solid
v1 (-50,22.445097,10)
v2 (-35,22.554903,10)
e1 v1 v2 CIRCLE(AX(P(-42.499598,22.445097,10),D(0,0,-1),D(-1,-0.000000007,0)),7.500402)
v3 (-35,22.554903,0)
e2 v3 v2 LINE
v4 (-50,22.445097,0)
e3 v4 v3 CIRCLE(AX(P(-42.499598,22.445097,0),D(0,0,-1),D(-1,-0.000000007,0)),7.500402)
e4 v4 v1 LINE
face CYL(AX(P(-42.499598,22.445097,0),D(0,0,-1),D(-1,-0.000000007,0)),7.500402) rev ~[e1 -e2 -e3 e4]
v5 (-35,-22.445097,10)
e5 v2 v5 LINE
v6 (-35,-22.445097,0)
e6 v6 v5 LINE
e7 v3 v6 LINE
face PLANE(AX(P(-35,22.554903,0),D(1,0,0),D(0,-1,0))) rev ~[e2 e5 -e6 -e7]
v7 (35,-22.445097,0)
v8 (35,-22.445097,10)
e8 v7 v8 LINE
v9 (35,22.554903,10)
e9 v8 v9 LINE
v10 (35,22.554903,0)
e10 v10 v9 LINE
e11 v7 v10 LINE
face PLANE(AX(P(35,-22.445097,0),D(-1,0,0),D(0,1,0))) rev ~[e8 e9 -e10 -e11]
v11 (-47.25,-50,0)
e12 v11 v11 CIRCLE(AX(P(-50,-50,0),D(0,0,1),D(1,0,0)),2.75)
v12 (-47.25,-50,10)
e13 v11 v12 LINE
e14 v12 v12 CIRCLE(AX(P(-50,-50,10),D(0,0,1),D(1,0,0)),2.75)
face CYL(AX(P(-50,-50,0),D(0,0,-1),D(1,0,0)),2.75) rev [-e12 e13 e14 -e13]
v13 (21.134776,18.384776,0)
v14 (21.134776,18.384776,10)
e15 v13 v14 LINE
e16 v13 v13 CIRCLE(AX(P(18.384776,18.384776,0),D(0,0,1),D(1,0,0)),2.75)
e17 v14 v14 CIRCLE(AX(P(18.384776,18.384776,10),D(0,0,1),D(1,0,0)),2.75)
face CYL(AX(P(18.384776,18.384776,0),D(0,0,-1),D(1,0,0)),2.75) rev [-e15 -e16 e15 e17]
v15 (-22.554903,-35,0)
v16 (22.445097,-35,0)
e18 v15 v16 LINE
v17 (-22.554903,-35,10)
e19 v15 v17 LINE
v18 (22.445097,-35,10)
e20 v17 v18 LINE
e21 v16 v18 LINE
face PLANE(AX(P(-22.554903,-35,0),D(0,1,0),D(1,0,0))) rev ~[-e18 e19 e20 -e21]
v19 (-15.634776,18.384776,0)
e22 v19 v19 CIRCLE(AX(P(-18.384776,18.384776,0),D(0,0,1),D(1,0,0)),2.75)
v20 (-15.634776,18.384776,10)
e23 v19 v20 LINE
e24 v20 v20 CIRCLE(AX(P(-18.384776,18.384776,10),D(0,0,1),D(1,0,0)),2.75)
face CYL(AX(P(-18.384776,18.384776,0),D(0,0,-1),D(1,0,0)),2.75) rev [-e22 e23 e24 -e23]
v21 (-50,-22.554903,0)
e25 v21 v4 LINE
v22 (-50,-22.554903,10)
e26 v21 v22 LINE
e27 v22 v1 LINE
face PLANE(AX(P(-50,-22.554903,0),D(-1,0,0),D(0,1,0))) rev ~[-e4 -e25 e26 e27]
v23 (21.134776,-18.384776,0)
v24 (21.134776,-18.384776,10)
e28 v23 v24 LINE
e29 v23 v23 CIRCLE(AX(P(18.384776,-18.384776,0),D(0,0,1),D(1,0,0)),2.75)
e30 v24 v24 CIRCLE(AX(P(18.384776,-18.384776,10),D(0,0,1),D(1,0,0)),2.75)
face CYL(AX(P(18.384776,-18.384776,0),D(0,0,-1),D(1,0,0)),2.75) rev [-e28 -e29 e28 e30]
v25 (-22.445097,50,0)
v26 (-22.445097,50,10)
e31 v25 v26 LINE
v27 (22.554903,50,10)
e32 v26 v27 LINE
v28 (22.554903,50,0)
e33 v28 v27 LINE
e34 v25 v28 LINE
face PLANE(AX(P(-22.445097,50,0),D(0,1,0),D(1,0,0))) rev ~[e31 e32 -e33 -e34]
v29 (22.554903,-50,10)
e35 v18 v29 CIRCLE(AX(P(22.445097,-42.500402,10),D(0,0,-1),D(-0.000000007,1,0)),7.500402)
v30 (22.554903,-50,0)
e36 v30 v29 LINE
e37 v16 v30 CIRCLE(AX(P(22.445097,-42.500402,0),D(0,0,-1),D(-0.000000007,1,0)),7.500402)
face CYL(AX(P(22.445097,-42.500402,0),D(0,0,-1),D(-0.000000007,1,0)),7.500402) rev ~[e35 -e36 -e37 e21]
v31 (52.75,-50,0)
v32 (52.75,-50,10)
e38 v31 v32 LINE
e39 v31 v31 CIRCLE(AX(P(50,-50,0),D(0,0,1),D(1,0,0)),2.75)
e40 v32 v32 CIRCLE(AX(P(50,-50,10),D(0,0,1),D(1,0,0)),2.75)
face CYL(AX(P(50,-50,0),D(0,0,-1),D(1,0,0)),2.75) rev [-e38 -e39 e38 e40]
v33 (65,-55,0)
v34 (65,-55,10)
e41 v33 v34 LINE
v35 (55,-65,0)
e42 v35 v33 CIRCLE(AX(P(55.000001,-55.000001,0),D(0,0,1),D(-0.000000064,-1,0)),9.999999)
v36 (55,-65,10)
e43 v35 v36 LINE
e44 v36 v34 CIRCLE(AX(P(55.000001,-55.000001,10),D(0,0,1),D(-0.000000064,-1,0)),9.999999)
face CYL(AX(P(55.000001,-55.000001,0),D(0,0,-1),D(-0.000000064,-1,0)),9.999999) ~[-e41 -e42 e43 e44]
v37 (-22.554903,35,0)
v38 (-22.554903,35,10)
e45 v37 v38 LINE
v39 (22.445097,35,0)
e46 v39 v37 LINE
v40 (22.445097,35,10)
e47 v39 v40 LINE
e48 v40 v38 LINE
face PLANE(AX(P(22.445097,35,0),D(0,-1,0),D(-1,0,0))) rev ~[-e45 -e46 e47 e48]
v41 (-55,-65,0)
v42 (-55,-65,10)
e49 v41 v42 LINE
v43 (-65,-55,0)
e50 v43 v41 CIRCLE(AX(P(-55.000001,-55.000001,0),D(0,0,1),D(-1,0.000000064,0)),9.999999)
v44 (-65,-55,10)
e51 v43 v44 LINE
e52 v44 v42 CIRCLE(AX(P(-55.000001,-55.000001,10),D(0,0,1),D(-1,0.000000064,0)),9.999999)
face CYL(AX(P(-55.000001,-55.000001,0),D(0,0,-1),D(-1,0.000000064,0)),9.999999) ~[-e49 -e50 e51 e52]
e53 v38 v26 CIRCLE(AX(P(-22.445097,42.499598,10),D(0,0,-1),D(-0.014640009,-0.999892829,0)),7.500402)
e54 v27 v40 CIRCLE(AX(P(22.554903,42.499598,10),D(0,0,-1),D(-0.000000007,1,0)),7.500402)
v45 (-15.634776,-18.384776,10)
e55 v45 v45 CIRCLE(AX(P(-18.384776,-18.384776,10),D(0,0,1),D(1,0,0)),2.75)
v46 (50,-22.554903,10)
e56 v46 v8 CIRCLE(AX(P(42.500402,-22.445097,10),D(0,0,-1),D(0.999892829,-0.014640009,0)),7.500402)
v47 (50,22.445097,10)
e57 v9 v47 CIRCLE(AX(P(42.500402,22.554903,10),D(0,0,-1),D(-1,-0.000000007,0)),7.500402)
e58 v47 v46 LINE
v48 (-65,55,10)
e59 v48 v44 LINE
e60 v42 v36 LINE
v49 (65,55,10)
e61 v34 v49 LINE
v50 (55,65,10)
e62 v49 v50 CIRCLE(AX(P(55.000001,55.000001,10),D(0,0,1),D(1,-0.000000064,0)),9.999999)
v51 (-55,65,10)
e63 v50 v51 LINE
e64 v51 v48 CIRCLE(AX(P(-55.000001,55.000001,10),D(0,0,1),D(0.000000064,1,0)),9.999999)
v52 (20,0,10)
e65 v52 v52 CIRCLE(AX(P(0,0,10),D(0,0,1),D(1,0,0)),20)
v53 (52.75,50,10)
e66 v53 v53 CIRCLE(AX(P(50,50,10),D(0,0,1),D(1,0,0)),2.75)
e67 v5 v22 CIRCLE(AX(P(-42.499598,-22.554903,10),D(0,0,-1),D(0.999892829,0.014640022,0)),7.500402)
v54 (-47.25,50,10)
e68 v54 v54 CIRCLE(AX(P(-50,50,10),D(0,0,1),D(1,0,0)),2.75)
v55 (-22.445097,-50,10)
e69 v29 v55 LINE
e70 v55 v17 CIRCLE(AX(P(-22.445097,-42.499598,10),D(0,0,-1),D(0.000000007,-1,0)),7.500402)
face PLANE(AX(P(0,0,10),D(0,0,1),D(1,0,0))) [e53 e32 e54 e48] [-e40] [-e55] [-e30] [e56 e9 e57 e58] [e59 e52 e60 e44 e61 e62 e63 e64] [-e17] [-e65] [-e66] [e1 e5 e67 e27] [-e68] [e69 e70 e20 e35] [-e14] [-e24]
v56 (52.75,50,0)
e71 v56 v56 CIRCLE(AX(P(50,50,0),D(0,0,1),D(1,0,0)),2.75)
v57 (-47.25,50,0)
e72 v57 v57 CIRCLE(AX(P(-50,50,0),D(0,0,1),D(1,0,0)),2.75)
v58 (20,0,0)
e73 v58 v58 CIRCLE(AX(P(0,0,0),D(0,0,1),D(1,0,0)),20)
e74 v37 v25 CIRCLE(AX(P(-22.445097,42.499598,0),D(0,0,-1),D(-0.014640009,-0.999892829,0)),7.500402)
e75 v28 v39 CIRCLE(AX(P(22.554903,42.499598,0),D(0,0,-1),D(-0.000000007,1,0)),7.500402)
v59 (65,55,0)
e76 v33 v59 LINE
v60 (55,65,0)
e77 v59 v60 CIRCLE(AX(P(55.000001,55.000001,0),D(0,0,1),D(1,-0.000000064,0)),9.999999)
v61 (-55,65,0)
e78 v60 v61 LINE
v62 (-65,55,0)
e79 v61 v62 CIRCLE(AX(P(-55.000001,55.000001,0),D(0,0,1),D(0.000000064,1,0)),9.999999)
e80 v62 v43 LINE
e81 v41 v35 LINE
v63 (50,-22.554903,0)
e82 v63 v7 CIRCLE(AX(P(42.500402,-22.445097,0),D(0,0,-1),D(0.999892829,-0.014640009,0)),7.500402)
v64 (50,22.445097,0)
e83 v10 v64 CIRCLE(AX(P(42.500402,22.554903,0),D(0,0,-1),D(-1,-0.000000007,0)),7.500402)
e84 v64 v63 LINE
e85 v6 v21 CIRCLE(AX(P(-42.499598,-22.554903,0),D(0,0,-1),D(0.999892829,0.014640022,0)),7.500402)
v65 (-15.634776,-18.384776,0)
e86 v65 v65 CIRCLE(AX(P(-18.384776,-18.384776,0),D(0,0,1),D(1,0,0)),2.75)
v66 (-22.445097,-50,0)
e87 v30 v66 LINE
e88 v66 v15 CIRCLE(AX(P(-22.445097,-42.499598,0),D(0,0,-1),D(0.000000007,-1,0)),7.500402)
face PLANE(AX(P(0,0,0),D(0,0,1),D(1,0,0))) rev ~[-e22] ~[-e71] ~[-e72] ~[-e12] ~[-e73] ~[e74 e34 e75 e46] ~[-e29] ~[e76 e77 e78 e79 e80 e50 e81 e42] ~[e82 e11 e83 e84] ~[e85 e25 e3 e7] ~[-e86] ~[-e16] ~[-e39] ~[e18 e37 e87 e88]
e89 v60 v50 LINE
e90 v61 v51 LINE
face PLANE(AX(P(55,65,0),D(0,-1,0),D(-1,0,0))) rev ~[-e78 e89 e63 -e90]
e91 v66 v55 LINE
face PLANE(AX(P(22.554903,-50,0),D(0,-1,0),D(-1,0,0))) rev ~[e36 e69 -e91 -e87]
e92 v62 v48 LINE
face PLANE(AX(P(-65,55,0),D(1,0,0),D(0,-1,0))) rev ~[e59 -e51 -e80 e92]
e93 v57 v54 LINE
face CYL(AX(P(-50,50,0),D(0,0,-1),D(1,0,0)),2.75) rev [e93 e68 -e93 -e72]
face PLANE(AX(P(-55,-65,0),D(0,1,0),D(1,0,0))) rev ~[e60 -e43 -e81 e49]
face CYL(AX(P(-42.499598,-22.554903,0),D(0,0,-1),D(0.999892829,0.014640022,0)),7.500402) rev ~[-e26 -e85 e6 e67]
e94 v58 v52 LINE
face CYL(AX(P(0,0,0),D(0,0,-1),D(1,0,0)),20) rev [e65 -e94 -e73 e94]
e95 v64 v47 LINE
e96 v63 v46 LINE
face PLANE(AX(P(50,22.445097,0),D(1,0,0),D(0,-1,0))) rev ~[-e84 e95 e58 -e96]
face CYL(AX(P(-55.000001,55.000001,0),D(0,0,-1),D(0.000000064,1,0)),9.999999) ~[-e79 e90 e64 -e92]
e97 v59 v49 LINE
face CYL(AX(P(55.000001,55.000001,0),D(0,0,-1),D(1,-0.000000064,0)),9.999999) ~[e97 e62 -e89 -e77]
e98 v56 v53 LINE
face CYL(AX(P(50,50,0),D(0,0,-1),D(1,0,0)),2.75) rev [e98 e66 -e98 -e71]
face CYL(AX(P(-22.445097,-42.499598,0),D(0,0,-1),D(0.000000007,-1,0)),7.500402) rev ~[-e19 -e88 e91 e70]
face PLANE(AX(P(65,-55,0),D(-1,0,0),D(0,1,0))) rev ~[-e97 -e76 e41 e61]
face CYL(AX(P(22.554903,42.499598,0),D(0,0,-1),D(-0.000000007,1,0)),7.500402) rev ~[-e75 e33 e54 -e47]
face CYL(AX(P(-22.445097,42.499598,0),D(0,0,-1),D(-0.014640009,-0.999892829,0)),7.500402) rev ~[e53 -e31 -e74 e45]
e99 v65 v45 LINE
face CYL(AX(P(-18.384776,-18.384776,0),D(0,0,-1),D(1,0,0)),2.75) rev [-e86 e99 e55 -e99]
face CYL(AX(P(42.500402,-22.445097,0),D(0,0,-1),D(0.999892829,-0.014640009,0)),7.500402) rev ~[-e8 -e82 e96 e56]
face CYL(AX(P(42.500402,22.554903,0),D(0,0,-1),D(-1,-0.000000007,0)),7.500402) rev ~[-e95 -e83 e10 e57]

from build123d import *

# Parameters (mm, degrees)
F0_R     = 2.75
F0_R_2   = 20
F1_DEPTH = 10


with BuildPart() as f1:
    # F0 (on Top) → F1 (new body)
    with BuildSketch(Plane.XY):
        with BuildLine():
            Line((-55, -65), (55, -65))
            ThreePointArc((55, -65), (62.071068, -62.071068), (65, -55))
            Line((65, -55), (65, 55))
            ThreePointArc((65, 55), (62.071068, 62.071068), (55, 65))
            Line((55, 65), (-55, 65))
            ThreePointArc((-55, 65), (-62.071068, 62.071068), (-65, 55))
            Line((-65, 55), (-65, -55))
            ThreePointArc((-65, -55), (-62.071068, -62.071068), (-55, -65))
        make_face()
        with Locations((-50, -50)):
            Circle(F0_R, mode=Mode.SUBTRACT)
        with BuildLine():
            Line((-35, 22.554903), (-35, -22.445097))
            ThreePointArc((-35, -22.445097), (-42.444693, -30.055104), (-50, -22.554903))
            Line((-50, -22.554903), (-50, 22.445097))
            ThreePointArc((-50, 22.445097), (-42.554503, 29.945298), (-35, 22.554903))
        make_face(mode=Mode.SUBTRACT)
        with Locations((-18.384776, -18.384776)):
            Circle(F0_R, mode=Mode.SUBTRACT)
        with BuildLine():
            Line((-22.554903, -35), (22.445097, -35))
            ThreePointArc((22.445097, -35), (29.945298, -42.445497), (22.554903, -50))
            Line((22.554903, -50), (-22.445097, -50))
            ThreePointArc((-22.445097, -50), (-29.945298, -42.554503), (-22.554903, -35))
        make_face(mode=Mode.SUBTRACT)
        with Locations((50, -50)):
            Circle(F0_R, mode=Mode.SUBTRACT)
        with Locations((18.384776, -18.384776)):
            Circle(F0_R, mode=Mode.SUBTRACT)
        with Locations((-18.384776, 18.384776)):
            Circle(F0_R, mode=Mode.SUBTRACT)
        with Locations((-50, 50)):
            Circle(F0_R, mode=Mode.SUBTRACT)
        Circle(F0_R_2, mode=Mode.SUBTRACT)
        with Locations((18.384776, 18.384776)):
            Circle(F0_R, mode=Mode.SUBTRACT)
        with BuildLine():
            Line((50, 22.445097), (50, -22.554903))
            ThreePointArc((50, -22.554903), (42.445497, -29.945298), (35, -22.445097))
            Line((35, -22.445097), (35, 22.554903))
            ThreePointArc((35, 22.554903), (42.555307, 30.055104), (50, 22.445097))
        make_face(mode=Mode.SUBTRACT)
        with BuildLine():
            ThreePointArc((22.554903, 50), (30.055104, 42.444693), (22.445097, 35))
            Line((22.445097, 35), (-22.554903, 35))
            ThreePointArc((-22.554903, 35), (-29.945298, 42.554503), (-22.445097, 50))
            Line((-22.445097, 50), (22.554903, 50))
        make_face(mode=Mode.SUBTRACT)
        with Locations((50, 50)):
            Circle(F0_R, mode=Mode.SUBTRACT)
    extrude(amount=F1_DEPTH)


solid = f1.part
